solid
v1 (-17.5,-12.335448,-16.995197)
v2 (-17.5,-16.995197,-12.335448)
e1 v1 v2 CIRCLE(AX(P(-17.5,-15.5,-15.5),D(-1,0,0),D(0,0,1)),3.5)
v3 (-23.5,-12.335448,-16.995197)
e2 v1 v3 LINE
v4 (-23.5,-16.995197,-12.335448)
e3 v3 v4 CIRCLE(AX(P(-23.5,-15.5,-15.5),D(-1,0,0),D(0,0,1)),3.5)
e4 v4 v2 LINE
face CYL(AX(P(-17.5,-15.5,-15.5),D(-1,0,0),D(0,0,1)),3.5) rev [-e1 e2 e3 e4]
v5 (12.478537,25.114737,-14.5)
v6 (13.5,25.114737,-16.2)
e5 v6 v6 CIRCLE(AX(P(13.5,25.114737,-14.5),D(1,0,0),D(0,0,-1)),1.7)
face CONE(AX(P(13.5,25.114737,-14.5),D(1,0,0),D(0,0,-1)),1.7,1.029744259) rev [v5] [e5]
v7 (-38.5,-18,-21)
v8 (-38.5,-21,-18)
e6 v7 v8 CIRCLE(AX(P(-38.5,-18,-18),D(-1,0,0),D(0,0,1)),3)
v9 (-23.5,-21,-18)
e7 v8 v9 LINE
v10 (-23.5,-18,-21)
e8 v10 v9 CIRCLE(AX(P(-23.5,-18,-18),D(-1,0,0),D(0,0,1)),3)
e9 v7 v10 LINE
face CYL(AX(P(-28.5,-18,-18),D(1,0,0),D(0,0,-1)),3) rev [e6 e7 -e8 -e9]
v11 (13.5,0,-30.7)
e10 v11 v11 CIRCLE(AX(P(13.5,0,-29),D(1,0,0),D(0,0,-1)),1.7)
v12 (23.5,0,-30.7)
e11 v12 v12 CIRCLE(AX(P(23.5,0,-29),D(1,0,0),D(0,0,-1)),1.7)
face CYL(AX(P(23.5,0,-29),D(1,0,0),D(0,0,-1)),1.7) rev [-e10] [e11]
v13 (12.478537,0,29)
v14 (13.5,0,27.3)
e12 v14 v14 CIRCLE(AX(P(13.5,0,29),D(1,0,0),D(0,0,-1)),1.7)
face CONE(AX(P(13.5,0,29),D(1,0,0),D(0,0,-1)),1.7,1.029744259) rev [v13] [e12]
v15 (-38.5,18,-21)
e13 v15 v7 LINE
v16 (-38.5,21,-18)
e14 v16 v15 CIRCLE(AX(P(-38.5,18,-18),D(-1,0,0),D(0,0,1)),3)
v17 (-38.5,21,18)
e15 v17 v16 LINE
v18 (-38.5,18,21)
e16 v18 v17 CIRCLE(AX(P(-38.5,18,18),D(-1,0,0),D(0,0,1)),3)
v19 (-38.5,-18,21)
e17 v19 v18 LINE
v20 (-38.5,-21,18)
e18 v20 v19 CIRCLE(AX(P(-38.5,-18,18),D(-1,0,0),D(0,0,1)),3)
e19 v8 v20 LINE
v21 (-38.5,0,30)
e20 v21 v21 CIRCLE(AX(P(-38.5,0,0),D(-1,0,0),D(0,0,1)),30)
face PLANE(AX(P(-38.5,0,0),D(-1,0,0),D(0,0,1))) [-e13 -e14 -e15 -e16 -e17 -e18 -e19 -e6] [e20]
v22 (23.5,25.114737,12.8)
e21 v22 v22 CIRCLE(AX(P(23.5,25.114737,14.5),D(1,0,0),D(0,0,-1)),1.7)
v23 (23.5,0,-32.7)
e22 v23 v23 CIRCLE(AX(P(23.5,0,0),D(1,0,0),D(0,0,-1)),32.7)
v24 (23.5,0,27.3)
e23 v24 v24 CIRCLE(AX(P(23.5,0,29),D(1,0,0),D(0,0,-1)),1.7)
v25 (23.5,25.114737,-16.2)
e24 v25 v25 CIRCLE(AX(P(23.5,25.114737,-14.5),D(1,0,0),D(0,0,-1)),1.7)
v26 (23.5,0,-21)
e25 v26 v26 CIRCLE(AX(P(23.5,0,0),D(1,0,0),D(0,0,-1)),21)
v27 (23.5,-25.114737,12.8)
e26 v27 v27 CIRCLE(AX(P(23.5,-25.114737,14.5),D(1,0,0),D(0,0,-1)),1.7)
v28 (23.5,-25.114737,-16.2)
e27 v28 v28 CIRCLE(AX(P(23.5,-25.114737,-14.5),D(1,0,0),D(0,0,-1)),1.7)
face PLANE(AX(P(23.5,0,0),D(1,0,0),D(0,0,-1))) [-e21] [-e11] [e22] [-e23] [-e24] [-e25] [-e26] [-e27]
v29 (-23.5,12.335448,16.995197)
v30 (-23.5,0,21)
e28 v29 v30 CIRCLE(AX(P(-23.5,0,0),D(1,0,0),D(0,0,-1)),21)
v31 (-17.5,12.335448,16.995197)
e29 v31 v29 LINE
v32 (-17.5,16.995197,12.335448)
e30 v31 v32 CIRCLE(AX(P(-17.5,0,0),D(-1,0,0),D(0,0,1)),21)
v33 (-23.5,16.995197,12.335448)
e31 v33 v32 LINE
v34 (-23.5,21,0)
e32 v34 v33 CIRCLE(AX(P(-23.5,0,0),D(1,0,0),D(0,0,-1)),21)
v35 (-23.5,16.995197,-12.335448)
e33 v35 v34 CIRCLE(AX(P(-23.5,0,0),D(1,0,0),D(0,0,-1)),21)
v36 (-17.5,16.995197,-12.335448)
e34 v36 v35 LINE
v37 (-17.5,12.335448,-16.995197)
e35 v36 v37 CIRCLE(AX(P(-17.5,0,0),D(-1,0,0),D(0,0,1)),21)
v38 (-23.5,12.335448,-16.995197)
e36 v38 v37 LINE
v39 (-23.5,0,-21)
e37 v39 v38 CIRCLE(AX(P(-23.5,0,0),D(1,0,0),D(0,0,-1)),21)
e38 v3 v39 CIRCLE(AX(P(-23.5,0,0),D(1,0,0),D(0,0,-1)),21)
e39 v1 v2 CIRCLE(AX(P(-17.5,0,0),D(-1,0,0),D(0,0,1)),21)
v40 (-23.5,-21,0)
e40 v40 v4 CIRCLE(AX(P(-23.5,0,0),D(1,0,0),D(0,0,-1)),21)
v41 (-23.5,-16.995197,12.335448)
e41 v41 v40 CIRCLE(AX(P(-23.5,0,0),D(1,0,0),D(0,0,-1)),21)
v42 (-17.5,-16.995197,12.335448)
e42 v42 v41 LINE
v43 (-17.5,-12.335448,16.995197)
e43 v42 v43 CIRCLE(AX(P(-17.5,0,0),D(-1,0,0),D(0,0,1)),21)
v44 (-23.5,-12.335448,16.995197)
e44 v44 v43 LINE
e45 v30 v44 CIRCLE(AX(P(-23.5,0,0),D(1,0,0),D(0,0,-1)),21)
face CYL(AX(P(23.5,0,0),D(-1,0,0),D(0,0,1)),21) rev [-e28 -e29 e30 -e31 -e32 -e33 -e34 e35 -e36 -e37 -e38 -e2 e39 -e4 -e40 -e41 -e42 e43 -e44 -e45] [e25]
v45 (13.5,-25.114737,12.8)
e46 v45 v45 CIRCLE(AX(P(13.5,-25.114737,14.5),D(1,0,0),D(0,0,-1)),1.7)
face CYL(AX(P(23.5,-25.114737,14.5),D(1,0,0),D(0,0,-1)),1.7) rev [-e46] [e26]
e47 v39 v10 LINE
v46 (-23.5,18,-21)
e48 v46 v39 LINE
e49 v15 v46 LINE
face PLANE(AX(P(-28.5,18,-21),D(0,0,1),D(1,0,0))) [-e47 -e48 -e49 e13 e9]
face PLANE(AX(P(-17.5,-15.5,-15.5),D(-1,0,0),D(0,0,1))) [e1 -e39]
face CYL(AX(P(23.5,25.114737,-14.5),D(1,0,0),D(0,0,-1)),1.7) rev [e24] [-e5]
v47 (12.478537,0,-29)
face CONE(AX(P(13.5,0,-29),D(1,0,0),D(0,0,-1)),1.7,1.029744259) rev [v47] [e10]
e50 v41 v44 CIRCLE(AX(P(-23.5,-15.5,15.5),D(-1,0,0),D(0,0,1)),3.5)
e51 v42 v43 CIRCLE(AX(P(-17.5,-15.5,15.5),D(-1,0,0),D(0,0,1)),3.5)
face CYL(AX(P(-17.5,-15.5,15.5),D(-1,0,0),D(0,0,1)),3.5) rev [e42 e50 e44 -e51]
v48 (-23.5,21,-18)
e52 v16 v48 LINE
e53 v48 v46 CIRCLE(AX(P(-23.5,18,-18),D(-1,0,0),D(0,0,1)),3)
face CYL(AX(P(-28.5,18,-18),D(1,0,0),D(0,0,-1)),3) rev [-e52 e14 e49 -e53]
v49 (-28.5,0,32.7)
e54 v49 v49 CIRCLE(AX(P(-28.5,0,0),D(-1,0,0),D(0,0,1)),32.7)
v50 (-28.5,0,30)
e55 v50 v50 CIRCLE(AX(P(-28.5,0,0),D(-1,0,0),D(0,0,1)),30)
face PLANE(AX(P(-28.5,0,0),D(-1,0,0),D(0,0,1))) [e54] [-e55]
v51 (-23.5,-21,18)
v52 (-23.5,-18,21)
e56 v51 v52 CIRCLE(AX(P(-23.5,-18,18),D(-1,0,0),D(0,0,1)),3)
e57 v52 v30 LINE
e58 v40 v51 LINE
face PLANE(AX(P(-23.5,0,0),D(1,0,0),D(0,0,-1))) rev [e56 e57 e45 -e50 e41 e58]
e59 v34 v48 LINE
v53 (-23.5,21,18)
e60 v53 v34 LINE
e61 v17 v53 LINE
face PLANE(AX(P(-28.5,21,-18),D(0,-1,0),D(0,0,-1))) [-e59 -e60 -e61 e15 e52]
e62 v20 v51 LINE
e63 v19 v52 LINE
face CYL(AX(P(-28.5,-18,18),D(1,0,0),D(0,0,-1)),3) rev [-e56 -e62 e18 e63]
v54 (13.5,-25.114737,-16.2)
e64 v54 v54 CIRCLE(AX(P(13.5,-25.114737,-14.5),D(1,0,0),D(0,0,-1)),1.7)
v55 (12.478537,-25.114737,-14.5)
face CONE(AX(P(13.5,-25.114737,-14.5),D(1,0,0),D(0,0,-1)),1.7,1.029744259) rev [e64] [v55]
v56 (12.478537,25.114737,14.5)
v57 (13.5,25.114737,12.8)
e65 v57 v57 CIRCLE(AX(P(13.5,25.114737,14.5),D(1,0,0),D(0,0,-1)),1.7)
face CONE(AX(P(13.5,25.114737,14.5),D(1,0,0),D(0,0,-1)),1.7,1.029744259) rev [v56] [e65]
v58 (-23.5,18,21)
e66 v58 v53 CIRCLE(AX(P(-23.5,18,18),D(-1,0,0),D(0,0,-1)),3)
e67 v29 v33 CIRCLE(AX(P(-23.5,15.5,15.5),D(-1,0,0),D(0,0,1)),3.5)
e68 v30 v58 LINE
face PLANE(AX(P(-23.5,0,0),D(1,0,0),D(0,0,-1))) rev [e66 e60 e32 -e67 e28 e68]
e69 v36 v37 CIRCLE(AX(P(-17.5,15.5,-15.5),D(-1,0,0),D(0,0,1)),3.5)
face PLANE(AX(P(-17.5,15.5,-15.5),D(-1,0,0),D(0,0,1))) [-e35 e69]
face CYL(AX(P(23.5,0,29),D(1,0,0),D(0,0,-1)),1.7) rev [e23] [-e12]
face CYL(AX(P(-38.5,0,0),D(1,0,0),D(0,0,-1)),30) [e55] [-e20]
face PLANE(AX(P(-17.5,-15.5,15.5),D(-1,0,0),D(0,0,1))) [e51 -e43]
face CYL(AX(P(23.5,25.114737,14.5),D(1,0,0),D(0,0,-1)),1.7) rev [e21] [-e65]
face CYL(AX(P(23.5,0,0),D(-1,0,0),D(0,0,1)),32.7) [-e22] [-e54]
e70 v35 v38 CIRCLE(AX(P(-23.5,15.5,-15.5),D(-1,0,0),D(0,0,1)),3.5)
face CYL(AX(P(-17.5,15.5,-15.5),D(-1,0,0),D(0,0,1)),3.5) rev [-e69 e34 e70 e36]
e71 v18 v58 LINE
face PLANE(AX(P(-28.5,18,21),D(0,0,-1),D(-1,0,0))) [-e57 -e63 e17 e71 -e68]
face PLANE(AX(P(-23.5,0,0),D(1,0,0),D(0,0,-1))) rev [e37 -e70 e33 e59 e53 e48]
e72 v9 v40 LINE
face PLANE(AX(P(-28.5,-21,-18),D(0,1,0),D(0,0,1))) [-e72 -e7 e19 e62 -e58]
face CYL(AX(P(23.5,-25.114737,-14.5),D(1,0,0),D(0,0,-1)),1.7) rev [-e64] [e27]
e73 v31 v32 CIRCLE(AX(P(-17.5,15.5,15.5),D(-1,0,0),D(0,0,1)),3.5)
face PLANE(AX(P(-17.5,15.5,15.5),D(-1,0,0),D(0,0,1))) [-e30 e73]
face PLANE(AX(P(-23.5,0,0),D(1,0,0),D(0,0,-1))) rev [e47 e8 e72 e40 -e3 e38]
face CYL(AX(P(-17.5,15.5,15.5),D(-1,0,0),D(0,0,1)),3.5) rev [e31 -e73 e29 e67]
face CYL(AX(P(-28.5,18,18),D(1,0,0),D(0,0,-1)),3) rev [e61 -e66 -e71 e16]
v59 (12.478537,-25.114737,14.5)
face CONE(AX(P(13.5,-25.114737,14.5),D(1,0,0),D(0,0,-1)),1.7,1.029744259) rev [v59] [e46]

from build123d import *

# Parameters (mm, degrees)
CROQUIS1_R                       = 32.7
CROQUIS1_R_2                     = 21
SALIENTE_EXTRUIR1_DEPTH          = 23.5
CROQUIS3_R                       = 32.7
SALIENTE_EXTRUIR3_DEPTH          = 5
CROQUIS4_R                       = 3.5
CORTAR_EXTRUIR1_DEPTH            = 6
CROQUIS21_R                      = 30
SALIENTE_EXTRUIR4_DEPTH          = 10
TALADRO_DE_MARGEN_PARA_M31_D     = 3.4
TALADRO_DE_MARGEN_PARA_M31_DEPTH = 10
TALADRO_DE_MARGEN_PARA_M31_TIP   = 1.021463052


with BuildPart() as part:
    # Croquis1 → Saliente-Extruir1 (new, symmetric)
    with BuildSketch(Plane(origin=(0, 0, 0), x_dir=(0, 0, -1), z_dir=(1, 0, 0))):
        Circle(CROQUIS1_R)
        Circle(CROQUIS1_R_2, mode=Mode.SUBTRACT)
    extrude(amount=SALIENTE_EXTRUIR1_DEPTH, both=True)

    # Croquis3 → Saliente-Extruir3 (add)
    with BuildSketch(Plane.ZY.offset(23.5)):
        Circle(CROQUIS3_R)
        with BuildLine():
            Line((-18, 21), (18, 21))
            ThreePointArc((18, 21), (20.121320344, 20.121320344), (21, 18))
            Line((21, 18), (21, -18))
            ThreePointArc((21, -18), (20.121320344, -20.121320344), (18, -21))
            Line((18, -21), (-18, -21))
            ThreePointArc((-18, -21), (-20.121320344, -20.121320344), (-21, -18))
            Line((-21, -18), (-21, 18))
            ThreePointArc((-21, 18), (-20.121320344, 20.121320344), (-18, 21))
        make_face(mode=Mode.SUBTRACT)
    extrude(amount=SALIENTE_EXTRUIR3_DEPTH)

    # Croquis4 → Cortar-Extruir1 (cut)
    with BuildSketch(Plane.ZY.offset(23.5)):
        with Locations((15.5, 15.5)):
            Circle(CROQUIS4_R)
        with Locations((-15.5, 15.5)):
            Circle(CROQUIS4_R)
        with Locations((-15.5, -15.5)):
            Circle(CROQUIS4_R)
        with Locations((15.5, -15.5)):
            Circle(CROQUIS4_R)
    extrude(amount=-CORTAR_EXTRUIR1_DEPTH, mode=Mode.SUBTRACT)

    # Croquis21 → Saliente-Extruir4 (add)
    with BuildSketch(Plane.ZY.offset(28.5)):
        Circle(CROQUIS21_R)
        with BuildLine():
            Line((18, 21), (0, 21))
            Line((0, 21), (-18, 21))
            ThreePointArc((-18, 21), (-20.121320344, 20.121320344), (-21, 18))
            Line((-21, 18), (-21, 0))
            Line((-21, 0), (-21, -18))
            ThreePointArc((-21, -18), (-20.121320344, -20.121320344), (-18, -21))
            Line((-18, -21), (0, -21))
            Line((0, -21), (18, -21))
            ThreePointArc((18, -21), (20.121320344, -20.121320344), (21, -18))
            Line((21, -18), (21, 0))
            Line((21, 0), (21, 18))
            ThreePointArc((21, 18), (20.121320344, 20.121320344), (18, 21))
        make_face(mode=Mode.SUBTRACT)
    extrude(amount=SALIENTE_EXTRUIR4_DEPTH)

    # Taladro de margen para M31
    with Locations(Plane(origin=(23.5, 0, 0), x_dir=(0, 0, -1), z_dir=(1, 0, 0))):
        with Locations((29, 0), (14.5, -25.11473671), (-14.5, -25.11473671), (-29, 0), (-14.5, 25.11473671), (14.5, 25.11473671)):
            Hole(TALADRO_DE_MARGEN_PARA_M31_D / 2, depth=TALADRO_DE_MARGEN_PARA_M31_DEPTH)
            with Locations((0, 0, -(TALADRO_DE_MARGEN_PARA_M31_DEPTH + TALADRO_DE_MARGEN_PARA_M31_TIP / 2))):  # 118° drill point
                Cone(0, TALADRO_DE_MARGEN_PARA_M31_D / 2, TALADRO_DE_MARGEN_PARA_M31_TIP, mode=Mode.SUBTRACT)


solid = part.part
